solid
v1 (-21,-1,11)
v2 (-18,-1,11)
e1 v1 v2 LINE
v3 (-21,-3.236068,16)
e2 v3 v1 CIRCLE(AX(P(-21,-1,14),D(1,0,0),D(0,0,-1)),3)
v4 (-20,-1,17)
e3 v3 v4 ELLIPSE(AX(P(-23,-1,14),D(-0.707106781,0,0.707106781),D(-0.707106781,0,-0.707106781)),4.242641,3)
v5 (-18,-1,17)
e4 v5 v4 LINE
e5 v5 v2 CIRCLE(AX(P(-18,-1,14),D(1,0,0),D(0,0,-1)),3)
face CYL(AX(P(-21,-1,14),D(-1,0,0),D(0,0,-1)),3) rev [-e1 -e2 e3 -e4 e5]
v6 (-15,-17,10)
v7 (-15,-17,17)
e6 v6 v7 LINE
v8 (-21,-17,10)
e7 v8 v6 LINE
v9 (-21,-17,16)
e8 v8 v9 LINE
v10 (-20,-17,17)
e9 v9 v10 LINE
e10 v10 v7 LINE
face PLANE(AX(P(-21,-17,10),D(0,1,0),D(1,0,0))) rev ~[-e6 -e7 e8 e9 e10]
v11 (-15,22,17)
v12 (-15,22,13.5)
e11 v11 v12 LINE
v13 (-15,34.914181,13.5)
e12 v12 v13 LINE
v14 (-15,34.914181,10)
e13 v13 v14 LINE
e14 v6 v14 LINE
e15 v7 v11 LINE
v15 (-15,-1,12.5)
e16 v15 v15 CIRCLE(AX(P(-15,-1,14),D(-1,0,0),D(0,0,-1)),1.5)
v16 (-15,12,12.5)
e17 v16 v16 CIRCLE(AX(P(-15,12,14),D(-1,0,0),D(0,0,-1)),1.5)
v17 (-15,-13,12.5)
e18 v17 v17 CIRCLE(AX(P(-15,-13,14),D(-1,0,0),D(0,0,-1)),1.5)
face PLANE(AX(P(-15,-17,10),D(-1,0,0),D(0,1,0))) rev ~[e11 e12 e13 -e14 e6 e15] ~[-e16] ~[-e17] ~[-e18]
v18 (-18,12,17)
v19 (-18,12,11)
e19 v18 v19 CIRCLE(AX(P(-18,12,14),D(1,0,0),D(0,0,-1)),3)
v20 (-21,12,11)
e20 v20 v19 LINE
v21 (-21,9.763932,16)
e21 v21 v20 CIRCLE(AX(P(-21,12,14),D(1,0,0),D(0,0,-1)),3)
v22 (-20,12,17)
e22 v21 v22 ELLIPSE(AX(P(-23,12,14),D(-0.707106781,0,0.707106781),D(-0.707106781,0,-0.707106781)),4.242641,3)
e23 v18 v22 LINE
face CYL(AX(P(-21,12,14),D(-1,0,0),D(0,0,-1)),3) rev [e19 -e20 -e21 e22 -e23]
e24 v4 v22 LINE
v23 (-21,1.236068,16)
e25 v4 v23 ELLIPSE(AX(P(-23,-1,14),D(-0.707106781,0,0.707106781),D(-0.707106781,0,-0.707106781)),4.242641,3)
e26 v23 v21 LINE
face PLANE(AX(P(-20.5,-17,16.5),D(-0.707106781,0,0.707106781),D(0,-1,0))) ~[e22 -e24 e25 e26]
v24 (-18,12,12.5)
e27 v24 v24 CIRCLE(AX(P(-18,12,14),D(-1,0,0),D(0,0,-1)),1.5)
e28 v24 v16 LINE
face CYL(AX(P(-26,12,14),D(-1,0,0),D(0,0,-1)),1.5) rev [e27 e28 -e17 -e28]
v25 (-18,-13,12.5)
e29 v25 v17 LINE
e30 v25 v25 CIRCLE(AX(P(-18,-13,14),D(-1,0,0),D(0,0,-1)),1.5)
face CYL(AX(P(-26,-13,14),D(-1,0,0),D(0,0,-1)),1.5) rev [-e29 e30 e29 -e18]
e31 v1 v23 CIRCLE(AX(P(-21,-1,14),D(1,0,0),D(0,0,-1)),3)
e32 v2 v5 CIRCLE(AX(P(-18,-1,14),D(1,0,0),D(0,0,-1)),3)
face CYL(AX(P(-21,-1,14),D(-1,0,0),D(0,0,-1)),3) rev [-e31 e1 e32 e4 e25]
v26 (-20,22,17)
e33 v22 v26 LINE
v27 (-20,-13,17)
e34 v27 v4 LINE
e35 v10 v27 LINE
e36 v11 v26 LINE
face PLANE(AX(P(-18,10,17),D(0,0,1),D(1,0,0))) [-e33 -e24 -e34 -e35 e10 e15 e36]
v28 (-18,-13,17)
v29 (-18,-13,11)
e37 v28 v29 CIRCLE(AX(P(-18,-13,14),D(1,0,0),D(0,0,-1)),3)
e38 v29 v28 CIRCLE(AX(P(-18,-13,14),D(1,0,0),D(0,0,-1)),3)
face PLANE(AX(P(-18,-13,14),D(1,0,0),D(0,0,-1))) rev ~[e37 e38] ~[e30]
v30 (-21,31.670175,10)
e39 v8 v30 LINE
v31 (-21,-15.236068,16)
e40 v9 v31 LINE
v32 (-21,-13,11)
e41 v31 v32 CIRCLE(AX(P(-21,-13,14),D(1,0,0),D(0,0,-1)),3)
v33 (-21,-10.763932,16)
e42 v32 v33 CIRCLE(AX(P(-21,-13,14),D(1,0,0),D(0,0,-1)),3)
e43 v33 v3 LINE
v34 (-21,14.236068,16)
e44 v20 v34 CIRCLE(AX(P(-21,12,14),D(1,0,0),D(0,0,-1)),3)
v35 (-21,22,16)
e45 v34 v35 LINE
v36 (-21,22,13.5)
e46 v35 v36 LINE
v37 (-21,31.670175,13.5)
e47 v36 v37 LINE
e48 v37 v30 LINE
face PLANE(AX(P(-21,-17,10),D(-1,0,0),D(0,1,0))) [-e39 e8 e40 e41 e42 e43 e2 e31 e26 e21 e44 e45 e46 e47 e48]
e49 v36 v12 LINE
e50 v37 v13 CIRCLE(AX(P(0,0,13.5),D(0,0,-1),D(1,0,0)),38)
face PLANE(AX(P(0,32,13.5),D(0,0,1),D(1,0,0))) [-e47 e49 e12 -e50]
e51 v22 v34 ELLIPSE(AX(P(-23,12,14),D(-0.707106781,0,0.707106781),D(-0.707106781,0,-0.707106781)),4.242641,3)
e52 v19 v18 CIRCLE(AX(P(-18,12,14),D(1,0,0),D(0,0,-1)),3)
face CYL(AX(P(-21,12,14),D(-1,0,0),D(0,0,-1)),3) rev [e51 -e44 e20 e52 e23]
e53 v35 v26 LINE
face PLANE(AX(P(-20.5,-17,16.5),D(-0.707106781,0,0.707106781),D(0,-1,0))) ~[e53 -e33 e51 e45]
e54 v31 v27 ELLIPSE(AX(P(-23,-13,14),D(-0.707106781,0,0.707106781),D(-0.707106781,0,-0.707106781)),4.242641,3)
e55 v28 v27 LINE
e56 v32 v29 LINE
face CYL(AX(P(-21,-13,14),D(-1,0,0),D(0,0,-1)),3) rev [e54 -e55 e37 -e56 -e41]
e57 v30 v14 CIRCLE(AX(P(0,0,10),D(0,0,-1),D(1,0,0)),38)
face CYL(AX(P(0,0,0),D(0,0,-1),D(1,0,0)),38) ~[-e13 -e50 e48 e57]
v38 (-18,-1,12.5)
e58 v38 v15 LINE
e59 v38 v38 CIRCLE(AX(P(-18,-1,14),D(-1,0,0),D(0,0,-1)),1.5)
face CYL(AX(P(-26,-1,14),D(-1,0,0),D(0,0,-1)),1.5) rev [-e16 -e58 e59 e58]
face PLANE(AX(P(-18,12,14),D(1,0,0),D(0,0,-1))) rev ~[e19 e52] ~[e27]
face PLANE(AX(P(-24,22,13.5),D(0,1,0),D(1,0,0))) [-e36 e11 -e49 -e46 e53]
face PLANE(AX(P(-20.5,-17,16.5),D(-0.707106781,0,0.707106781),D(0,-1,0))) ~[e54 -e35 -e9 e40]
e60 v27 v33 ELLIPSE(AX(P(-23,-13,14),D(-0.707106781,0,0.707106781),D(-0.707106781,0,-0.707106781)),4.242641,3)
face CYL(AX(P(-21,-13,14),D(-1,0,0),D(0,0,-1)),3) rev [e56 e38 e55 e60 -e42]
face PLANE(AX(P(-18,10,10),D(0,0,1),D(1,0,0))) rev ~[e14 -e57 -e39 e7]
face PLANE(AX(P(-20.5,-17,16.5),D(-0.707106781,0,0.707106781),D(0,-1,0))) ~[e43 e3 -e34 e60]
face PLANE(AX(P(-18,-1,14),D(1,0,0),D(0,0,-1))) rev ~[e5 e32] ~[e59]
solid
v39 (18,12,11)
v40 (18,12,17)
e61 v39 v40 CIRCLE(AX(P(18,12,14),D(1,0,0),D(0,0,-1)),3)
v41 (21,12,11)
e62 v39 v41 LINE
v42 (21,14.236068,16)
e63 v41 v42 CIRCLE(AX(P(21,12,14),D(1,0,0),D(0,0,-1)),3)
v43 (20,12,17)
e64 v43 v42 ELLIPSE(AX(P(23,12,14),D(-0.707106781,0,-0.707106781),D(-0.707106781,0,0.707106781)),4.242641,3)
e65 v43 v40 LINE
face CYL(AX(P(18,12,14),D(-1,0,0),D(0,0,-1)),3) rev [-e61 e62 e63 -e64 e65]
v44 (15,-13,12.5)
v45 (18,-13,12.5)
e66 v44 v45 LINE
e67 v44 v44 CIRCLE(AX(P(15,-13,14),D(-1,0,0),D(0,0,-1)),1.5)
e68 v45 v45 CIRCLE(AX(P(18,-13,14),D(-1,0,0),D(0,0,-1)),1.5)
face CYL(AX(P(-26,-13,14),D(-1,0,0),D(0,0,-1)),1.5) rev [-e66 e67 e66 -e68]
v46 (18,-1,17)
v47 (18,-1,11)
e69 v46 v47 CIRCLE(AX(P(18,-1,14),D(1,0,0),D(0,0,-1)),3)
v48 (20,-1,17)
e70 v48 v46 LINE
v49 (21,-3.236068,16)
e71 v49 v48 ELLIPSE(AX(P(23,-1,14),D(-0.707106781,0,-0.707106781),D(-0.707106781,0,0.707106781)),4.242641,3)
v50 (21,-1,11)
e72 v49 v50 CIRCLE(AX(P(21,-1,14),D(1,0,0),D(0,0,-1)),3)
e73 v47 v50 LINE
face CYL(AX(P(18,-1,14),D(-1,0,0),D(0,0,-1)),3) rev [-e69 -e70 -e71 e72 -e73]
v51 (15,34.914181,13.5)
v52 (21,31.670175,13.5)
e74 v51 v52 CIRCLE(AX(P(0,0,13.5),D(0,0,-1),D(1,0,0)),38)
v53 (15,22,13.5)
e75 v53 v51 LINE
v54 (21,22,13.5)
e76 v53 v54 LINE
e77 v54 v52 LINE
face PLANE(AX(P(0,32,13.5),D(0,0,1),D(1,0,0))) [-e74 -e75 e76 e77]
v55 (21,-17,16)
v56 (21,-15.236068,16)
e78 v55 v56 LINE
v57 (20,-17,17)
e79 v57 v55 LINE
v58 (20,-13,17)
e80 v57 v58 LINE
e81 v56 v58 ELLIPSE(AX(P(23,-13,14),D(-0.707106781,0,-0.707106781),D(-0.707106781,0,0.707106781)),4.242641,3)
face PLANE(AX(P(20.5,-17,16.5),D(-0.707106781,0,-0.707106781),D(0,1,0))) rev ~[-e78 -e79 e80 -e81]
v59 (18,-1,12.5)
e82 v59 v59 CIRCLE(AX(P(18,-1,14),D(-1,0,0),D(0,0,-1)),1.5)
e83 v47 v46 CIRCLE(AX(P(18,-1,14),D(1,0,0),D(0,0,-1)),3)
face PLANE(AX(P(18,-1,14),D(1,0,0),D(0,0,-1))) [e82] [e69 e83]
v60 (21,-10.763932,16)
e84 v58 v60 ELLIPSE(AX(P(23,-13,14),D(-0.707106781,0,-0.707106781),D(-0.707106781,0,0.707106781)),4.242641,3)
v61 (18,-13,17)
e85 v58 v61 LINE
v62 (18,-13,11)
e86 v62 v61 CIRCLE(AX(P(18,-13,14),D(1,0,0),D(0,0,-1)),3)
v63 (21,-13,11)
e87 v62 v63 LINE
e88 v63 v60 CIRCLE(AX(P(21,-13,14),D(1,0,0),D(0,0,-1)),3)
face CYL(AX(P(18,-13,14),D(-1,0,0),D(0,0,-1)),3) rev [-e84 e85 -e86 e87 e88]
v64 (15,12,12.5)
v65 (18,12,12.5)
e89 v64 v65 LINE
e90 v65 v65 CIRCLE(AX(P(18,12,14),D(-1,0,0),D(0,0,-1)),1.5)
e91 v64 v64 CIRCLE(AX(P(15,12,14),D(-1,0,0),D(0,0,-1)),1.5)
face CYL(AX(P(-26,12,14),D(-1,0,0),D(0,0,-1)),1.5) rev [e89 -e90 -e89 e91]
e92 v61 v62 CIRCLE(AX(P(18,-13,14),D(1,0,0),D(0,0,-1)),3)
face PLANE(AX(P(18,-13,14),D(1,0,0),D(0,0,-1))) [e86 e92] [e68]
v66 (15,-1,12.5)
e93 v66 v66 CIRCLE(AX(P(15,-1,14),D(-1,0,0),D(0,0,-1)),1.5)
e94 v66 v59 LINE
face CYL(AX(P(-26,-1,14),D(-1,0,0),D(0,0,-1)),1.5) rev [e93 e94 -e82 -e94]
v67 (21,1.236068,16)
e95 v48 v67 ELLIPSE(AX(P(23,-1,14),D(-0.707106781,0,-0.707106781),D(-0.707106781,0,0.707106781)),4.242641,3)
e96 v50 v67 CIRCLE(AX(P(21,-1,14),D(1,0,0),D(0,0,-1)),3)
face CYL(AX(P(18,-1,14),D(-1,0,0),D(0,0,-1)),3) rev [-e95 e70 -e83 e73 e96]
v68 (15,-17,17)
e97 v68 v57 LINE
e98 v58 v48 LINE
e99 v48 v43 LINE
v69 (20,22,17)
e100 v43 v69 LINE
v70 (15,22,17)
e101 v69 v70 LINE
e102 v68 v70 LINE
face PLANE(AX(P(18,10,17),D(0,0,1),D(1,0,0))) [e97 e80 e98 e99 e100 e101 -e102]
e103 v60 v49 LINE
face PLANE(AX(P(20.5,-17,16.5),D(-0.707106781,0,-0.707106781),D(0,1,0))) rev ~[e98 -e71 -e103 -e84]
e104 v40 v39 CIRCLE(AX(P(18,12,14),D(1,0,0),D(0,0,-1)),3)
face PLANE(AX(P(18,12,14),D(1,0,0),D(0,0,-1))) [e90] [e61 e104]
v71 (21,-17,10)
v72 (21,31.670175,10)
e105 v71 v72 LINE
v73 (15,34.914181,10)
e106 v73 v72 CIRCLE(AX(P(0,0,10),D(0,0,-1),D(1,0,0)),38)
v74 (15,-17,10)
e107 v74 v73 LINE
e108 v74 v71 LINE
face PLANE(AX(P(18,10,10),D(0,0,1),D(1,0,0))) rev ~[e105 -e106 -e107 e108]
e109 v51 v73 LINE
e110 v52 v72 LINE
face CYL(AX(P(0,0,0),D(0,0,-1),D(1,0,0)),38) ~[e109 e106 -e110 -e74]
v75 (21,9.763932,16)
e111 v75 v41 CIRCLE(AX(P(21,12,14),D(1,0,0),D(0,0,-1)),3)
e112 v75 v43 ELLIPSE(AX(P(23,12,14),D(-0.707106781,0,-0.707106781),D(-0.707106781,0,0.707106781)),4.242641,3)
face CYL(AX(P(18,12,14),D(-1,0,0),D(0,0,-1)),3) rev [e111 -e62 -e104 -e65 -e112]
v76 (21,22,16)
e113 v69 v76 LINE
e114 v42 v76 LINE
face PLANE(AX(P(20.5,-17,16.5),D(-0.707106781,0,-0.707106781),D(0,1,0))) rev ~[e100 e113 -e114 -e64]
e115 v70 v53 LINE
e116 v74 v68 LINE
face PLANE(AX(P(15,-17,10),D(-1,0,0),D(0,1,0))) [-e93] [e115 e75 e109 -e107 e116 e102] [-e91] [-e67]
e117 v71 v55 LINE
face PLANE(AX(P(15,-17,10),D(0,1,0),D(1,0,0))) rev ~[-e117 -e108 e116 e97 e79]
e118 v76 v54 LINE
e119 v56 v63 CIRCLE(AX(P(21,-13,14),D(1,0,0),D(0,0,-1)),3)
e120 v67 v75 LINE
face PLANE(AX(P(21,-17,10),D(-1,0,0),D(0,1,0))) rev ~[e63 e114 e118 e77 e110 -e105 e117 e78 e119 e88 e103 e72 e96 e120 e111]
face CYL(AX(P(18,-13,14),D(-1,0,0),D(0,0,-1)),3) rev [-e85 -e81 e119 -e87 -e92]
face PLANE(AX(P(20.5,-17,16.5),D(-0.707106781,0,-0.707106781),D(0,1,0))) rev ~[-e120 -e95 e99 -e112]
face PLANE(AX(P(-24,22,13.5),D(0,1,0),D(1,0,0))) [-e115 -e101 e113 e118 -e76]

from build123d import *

# Parameters (mm, degrees)
BOX990_W           = 48
BOX990_H           = 20
BOX990_DEPTH       = 18
CYLINDER2690_R     = 1.5
CYLINDER2690_DEPTH = 64
CYLINDER2696_R     = 1.5
CYLINDER2696_DEPTH = 64
CYLINDER2695_R     = 1.5
CYLINDER2695_DEPTH = 64
CYLINDER2691_R     = 3
CYLINDER2691_DEPTH = 3
CYLINDER2692_R     = 3
CYLINDER2692_DEPTH = 3
CYLINDER2694_R     = 3
CYLINDER2694_DEPTH = 3
CYLINDER2693_R     = 3
CYLINDER2693_DEPTH = 3
CYLINDER2697_R     = 3
CYLINDER2697_DEPTH = 3
CYLINDER2698_R     = 3
CYLINDER2698_DEPTH = 3
CYLINDER2648_R     = 38
CYLINDER2648_DEPTH = 20
BOX888_W           = 6
BOX888_H           = 54
BOX888_DEPTH       = 7
BOX887_W           = 6
BOX887_H           = 54
BOX887_DEPTH       = 7
CHAMFER144_SIZE    = 1


with BuildPart() as krychle989:
    # Box990 → Box990 (new body)
    with BuildSketch(Plane(origin=(-24, 22, 13.5), x_dir=(1, 0, 0), z_dir=(0, 0, 1))):
        with Locations((24, 10)):
            Rectangle(BOX990_W, BOX990_H)
    extrude(amount=BOX990_DEPTH)


with BuildPart() as v_lec2660:
    # Cylinder2690 → Cylinder2690 (new body)
    with BuildSketch(Plane(origin=(-26, -11, 13), x_dir=(0, 0, -1), z_dir=(1, 0, 0))):
        Circle(CYLINDER2690_R)
    extrude(amount=CYLINDER2690_DEPTH)


with BuildPart() as v_lec2666:
    # Cylinder2696 → Cylinder2696 (new body)
    with BuildSketch(Plane(origin=(-26, 14, 13), x_dir=(0, 0, -1), z_dir=(1, 0, 0))):
        Circle(CYLINDER2696_R)
    extrude(amount=CYLINDER2696_DEPTH)


with BuildPart() as compound1202:
    # Cylinder2695 → Cylinder2695 (new body)
    with BuildSketch(Plane(origin=(-26, 1, 13), x_dir=(0, 0, -1), z_dir=(1, 0, 0))):
        Circle(CYLINDER2695_R)
    extrude(amount=CYLINDER2695_DEPTH)

    # Compound1202: union Válec2660, Válec2666
    add(v_lec2660.part)
    add(v_lec2666.part)


with BuildPart() as compound1202_1:
    # Compound1202 placement: moved
    add(compound1202.part.moved(Location((0, -2, 1))))


with BuildPart() as v_lec2661:
    # Cylinder2691 → Cylinder2691 (new body)
    with BuildSketch(Plane(origin=(-26, -11, 13), x_dir=(0, 0, -1), z_dir=(1, 0, 0))):
        Circle(CYLINDER2691_R)
    extrude(amount=CYLINDER2691_DEPTH)


with BuildPart() as v_lec2662:
    # Cylinder2692 → Cylinder2692 (new body)
    with BuildSketch(Plane(origin=(-26, 14, 13), x_dir=(0, 0, -1), z_dir=(1, 0, 0))):
        Circle(CYLINDER2692_R)
    extrude(amount=CYLINDER2692_DEPTH)


with BuildPart() as compound1201:
    # Cylinder2694 → Cylinder2694 (new body)
    with BuildSketch(Plane(origin=(-26, 1, 13), x_dir=(0, 0, -1), z_dir=(1, 0, 0))):
        Circle(CYLINDER2694_R)
    extrude(amount=CYLINDER2694_DEPTH)

    # Compound1201: union Válec2661, Válec2662
    add(v_lec2661.part)
    add(v_lec2662.part)


with BuildPart() as compound1201_1:
    # Compound1201 placement: moved
    add(compound1201.part.moved(Location((5, -2, 1))))


with BuildPart() as v_lec2663:
    # Cylinder2693 → Cylinder2693 (new body)
    with BuildSketch(Plane(origin=(-26, -11, 13), x_dir=(0, 0, -1), z_dir=(1, 0, 0))):
        Circle(CYLINDER2693_R)
    extrude(amount=CYLINDER2693_DEPTH)


with BuildPart() as v_lec2667:
    # Cylinder2697 → Cylinder2697 (new body)
    with BuildSketch(Plane(origin=(-26, 14, 13), x_dir=(0, 0, -1), z_dir=(1, 0, 0))):
        Circle(CYLINDER2697_R)
    extrude(amount=CYLINDER2697_DEPTH)


with BuildPart() as compound1183:
    # Cylinder2698 → Cylinder2698 (new body)
    with BuildSketch(Plane(origin=(-26, 1, 13), x_dir=(0, 0, -1), z_dir=(1, 0, 0))):
        Circle(CYLINDER2698_R)
    extrude(amount=CYLINDER2698_DEPTH)

    # Compound1183: union Válec2663, Válec2667
    add(v_lec2663.part)
    add(v_lec2667.part)


with BuildPart() as compound1183_1:
    # Compound1183 placement: moved
    add(compound1183.part.moved(Location((44, -2, 1))))


with BuildPart() as v_lec2618:
    # Cylinder2648 → Cylinder2648 (new body)
    with BuildSketch(Plane.XY):
        Circle(CYLINDER2648_R)
    extrude(amount=CYLINDER2648_DEPTH)


with BuildPart() as krychle887:
    # Box888 → Box888 (new body)
    with BuildSketch(Plane(origin=(-21, -17, 10), x_dir=(1, 0, 0), z_dir=(0, 0, 1))):
        with Locations((3, 27)):
            Rectangle(BOX888_W, BOX888_H)
    extrude(amount=BOX888_DEPTH)


with BuildPart() as cut1061:
    # Box887 → Box887 (new body)
    with BuildSketch(Plane(origin=(15, -17, 10), x_dir=(1, 0, 0), z_dir=(0, 0, 1))):
        with Locations((3, 27)):
            Rectangle(BOX887_W, BOX887_H)
    extrude(amount=BOX887_DEPTH)

    # Compound1171: union Krychle887
    add(krychle887.part)

    # Common006: intersect Válec2618
    add(v_lec2618.part, mode=Mode.INTERSECT)

    # Chamfer144
    chamfer144_edges = [cut1061.edges().sort_by_distance(p)[0] for p in [
        (21, 7.335088, 17),
        (-21, 7.335088, 17),
    ]]
    chamfer(chamfer144_edges, length=CHAMFER144_SIZE)

    # Cut988: cut Compound1183
    add(compound1183_1.part, mode=Mode.SUBTRACT)

    # Cut1011: cut Compound1201
    add(compound1201_1.part, mode=Mode.SUBTRACT)

    # Cut1010: cut Compound1202
    add(compound1202_1.part, mode=Mode.SUBTRACT)

    # Cut1061: cut Krychle989
    add(krychle989.part, mode=Mode.SUBTRACT)


solid = cut1061.part
